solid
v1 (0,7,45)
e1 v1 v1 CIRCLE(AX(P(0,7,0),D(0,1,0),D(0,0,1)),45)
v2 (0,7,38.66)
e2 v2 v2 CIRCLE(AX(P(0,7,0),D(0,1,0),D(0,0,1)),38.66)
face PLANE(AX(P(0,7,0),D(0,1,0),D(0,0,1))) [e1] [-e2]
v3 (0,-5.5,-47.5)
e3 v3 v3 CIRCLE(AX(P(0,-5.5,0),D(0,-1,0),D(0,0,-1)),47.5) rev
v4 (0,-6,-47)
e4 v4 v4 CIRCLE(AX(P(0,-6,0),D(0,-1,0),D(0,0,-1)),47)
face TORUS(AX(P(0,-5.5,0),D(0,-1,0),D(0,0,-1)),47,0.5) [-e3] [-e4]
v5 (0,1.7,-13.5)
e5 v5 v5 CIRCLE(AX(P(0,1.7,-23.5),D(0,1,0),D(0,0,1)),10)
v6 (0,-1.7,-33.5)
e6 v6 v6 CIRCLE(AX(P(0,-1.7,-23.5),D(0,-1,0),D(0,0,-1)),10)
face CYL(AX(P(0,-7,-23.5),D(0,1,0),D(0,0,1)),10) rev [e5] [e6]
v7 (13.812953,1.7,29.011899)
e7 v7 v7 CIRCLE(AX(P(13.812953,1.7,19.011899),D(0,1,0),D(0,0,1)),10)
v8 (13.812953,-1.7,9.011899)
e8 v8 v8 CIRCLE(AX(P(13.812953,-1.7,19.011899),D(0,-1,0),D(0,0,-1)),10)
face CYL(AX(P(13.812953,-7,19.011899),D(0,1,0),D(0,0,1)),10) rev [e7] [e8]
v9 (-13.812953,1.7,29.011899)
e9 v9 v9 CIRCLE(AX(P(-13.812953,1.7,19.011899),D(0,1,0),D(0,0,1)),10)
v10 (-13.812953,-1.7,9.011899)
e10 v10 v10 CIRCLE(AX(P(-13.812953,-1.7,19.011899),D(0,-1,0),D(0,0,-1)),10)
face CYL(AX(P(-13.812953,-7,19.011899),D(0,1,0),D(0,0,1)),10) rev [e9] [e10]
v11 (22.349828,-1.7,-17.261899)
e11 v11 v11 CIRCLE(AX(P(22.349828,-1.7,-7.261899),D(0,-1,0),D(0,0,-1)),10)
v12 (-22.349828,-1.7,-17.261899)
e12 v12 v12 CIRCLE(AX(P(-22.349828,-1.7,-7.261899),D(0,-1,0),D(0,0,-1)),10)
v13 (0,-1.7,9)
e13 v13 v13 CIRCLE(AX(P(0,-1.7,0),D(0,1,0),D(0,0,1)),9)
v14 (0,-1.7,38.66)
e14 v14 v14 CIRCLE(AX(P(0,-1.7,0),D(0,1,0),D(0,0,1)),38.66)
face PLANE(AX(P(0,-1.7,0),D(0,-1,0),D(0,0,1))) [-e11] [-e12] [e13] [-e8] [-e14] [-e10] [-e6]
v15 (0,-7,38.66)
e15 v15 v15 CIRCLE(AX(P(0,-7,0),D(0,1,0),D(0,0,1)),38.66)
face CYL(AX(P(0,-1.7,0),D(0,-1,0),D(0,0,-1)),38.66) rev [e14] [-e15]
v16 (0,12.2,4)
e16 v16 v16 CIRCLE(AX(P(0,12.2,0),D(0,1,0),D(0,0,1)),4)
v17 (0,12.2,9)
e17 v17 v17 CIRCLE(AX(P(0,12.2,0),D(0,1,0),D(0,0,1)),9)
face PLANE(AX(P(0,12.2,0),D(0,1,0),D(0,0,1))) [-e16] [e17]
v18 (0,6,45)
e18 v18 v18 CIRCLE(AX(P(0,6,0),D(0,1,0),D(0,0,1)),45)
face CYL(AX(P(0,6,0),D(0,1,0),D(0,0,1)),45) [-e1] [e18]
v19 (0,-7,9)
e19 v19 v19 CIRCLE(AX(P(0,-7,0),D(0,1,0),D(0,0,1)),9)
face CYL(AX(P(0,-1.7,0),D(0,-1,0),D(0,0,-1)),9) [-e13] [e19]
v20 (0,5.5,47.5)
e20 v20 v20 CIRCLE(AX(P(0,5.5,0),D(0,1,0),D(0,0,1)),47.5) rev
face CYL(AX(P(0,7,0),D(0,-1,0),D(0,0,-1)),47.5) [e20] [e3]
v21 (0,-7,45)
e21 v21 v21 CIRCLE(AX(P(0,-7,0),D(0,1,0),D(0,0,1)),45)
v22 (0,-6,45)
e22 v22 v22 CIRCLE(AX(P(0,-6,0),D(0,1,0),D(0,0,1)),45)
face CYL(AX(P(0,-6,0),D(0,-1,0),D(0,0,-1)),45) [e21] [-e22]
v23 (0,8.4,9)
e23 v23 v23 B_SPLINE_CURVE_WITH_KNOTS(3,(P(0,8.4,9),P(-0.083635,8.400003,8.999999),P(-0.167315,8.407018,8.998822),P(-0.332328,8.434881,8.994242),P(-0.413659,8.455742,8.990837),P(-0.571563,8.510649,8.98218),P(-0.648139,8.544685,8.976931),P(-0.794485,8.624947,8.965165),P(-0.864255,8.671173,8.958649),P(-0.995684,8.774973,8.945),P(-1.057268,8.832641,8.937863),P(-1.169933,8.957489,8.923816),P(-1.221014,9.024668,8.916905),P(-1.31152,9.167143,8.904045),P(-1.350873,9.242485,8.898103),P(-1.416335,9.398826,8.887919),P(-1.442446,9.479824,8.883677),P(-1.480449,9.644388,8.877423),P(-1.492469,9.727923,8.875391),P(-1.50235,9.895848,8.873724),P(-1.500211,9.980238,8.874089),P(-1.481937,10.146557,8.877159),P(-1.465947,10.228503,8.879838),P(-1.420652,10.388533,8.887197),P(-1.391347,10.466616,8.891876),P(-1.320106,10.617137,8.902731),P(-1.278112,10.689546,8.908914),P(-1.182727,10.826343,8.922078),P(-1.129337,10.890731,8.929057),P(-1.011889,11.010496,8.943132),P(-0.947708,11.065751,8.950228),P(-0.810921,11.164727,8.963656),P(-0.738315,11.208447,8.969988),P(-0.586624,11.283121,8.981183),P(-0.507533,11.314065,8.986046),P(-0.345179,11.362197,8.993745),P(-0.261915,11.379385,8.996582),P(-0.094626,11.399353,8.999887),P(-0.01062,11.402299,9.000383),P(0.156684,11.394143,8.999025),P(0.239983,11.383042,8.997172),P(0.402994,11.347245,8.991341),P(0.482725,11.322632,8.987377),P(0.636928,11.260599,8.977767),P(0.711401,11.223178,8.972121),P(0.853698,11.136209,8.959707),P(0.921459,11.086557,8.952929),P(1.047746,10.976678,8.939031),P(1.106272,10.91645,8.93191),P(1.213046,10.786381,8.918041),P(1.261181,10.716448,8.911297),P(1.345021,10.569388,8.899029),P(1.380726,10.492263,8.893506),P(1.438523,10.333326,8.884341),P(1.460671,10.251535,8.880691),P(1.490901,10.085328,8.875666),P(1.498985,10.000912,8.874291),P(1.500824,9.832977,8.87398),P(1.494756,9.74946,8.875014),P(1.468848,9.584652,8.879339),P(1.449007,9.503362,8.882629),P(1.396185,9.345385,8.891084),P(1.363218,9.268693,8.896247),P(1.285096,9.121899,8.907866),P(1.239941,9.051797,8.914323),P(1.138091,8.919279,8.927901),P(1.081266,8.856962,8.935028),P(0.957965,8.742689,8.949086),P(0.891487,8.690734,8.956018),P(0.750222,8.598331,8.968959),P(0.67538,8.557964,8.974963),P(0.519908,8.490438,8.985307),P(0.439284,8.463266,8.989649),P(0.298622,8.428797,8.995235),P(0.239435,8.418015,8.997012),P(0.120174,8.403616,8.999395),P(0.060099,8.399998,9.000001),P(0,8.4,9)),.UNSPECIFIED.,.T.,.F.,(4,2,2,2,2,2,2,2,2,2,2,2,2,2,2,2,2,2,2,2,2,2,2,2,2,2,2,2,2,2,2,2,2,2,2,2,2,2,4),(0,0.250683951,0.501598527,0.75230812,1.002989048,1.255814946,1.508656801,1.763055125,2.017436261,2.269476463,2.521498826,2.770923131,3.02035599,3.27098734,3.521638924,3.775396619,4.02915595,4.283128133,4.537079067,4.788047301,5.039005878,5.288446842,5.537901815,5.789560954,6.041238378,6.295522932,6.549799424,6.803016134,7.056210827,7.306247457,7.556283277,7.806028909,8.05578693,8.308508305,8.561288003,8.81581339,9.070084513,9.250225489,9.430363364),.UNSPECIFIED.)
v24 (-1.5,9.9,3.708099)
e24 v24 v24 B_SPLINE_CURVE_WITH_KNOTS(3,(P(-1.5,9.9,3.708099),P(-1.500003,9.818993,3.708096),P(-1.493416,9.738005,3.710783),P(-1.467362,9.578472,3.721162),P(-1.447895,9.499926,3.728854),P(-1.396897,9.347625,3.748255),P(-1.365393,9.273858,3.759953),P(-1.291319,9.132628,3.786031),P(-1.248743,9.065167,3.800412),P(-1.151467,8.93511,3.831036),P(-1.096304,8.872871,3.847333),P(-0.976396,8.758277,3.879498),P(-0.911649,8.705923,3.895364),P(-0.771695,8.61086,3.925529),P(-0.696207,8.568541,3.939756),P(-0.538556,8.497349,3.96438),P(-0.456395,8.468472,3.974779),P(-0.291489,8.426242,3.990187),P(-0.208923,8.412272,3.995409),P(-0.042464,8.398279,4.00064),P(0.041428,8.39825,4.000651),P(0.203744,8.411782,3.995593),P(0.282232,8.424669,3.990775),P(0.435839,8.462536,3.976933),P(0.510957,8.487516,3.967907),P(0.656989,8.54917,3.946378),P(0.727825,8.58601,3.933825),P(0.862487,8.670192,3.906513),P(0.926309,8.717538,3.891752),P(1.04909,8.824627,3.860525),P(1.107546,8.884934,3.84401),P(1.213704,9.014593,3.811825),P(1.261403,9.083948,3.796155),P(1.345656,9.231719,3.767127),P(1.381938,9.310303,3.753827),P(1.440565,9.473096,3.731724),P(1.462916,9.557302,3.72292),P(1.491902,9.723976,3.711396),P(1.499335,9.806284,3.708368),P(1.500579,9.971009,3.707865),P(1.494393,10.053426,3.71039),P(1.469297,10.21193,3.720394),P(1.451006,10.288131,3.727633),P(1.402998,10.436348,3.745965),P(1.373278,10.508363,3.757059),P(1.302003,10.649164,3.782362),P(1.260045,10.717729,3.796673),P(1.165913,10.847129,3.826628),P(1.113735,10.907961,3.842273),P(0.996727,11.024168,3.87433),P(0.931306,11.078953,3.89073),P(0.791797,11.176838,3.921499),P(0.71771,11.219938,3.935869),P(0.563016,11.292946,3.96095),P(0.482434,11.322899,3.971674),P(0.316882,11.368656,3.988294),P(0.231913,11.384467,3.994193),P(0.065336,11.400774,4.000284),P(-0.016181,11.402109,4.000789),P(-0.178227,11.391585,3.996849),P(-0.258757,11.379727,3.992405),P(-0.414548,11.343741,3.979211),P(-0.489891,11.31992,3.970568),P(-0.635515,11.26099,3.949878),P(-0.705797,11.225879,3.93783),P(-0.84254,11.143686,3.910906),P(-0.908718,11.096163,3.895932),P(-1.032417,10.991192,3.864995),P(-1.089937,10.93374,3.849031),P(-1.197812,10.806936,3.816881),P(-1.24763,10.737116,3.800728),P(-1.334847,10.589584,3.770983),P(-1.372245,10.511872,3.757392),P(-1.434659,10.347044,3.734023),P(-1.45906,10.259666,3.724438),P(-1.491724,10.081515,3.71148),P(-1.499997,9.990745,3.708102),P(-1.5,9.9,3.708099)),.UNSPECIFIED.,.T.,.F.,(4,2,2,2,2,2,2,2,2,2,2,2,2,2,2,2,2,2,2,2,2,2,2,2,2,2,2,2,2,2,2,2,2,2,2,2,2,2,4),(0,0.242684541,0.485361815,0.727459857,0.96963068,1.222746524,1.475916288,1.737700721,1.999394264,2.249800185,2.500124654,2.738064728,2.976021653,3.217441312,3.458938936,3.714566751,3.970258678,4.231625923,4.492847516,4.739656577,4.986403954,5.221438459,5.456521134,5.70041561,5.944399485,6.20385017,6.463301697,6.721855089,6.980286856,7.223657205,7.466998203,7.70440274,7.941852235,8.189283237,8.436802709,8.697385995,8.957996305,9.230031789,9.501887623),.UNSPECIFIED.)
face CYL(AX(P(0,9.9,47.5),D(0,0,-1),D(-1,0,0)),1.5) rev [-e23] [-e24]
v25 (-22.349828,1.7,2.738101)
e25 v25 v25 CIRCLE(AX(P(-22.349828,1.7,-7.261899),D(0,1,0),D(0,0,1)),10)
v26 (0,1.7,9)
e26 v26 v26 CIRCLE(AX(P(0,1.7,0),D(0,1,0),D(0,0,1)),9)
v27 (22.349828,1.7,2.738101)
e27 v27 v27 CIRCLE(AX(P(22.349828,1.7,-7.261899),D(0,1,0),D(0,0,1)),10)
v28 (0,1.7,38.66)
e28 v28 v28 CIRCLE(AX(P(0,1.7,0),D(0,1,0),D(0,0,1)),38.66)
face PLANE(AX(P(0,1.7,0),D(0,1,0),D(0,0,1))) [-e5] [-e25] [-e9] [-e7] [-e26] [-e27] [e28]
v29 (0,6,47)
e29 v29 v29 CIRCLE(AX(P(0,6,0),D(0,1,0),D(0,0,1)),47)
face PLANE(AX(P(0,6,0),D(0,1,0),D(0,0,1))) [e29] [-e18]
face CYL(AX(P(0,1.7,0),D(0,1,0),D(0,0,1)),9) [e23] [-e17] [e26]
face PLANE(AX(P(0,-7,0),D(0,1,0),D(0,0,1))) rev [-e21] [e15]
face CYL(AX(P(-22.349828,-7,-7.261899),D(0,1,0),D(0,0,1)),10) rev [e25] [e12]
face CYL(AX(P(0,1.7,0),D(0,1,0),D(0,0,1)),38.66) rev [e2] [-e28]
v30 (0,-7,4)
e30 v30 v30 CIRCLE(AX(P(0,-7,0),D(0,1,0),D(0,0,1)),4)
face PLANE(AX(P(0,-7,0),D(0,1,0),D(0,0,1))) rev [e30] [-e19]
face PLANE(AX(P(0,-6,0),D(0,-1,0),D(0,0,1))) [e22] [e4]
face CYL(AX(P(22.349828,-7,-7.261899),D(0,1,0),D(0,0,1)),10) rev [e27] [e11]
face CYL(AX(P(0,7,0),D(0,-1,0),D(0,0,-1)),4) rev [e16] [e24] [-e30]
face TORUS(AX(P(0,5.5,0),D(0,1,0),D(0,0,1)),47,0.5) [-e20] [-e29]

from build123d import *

# Parameters (mm, degrees)
SKETCH_1_R          = 47.5
SKETCH_1_R_2        = 9
SKETCH_1_R_3        = 4
EXTRUDE_1_DEPTH     = 7
SKETCH_2_R          = 47.5
SKETCH_2_R_2        = 45
CUT_EXTRUDE_1_DEPTH = 1
SKETCH_3_R          = 38.66
SKETCH_3_R_2        = 9
CUT_EXTRUDE_2_DEPTH = 5.3
SKETCH_4_R          = 10
CUT_EXTRUDE_3_DEPTH = 9.7
FILLET_1_R          = 0.5
SKETCH_5_R          = 9
SKETCH_5_R_2        = 4
EXTRUDE_2_DEPTH     = 5.2
SKETCH_6_R          = 1.5
CUT_EXTRUDE_4_DEPTH = 48.5000001


with BuildPart() as part:
    # 草圖1 → 填料-伸長1 (new body, symmetric)
    with BuildSketch(Plane(origin=(0, 0, 0), x_dir=(1, 0, 0), z_dir=(0, 1, 0))):
        Circle(SKETCH_1_R)
        Circle(SKETCH_1_R_2, mode=Mode.SUBTRACT)
        Circle(SKETCH_1_R_2)
        Circle(SKETCH_1_R_3, mode=Mode.SUBTRACT)
    extrude(amount=EXTRUDE_1_DEPTH, both=True)

    # 草圖2 → 除料-伸長1 (cut)
    with BuildSketch(Plane(origin=(0, 7, 0), x_dir=(1, 0, 0), z_dir=(0, 1, 0))):
        Circle(SKETCH_2_R)
        Circle(SKETCH_2_R_2, mode=Mode.SUBTRACT)
    cut_extrude_1 = extrude(amount=-CUT_EXTRUDE_1_DEPTH, mode=Mode.SUBTRACT)

    # 鏡射1: 除料-伸長1 across plane
    add(cut_extrude_1.mirror(Plane.ZX), mode=Mode.SUBTRACT)

    # 草圖3 → 除料-伸長2 (cut)
    with BuildSketch(Plane(origin=(0, 7, 0), x_dir=(1, 0, 0), z_dir=(0, 1, 0))):
        Circle(SKETCH_3_R)
        Circle(SKETCH_3_R_2, mode=Mode.SUBTRACT)
    cut_extrude_2 = extrude(amount=-CUT_EXTRUDE_2_DEPTH, mode=Mode.SUBTRACT)

    # 鏡射2: 除料-伸長2 across plane
    add(cut_extrude_2.mirror(Plane.ZX), mode=Mode.SUBTRACT)

    # 草圖4 → 除料-伸長3 (cut, through all)
    with BuildSketch(Plane(origin=(0, 1.7, 0), x_dir=(1, 0, 0), z_dir=(0, 1, 0))):
        with Locations((0, 23.5)):
            Circle(SKETCH_4_R)
        with Locations((22.349828133, 7.261899368)):
            Circle(SKETCH_4_R)
        with Locations((13.812953429, -19.011899368)):
            Circle(SKETCH_4_R)
        with Locations((-13.812953429, -19.011899368)):
            Circle(SKETCH_4_R)
        with Locations((-22.349828133, 7.261899368)):
            Circle(SKETCH_4_R)
    extrude(amount=-CUT_EXTRUDE_3_DEPTH, mode=Mode.SUBTRACT)

    # 圓角1
    fillet_1_edges = [part.edges().sort_by_distance(p)[0] for p in [
        (-47.5, 6, 0),
        (-47.5, -6, 0),
    ]]
    fillet(fillet_1_edges, radius=FILLET_1_R)

    # 草圖5 → 填料-伸長2 (add)
    with BuildSketch(Plane(origin=(0, 7, 0), x_dir=(1, 0, 0), z_dir=(0, 1, 0))):
        Circle(SKETCH_5_R)
        Circle(SKETCH_5_R_2, mode=Mode.SUBTRACT)
    extrude(amount=EXTRUDE_2_DEPTH)

    # 草圖6 → 除料-伸長4 (cut, through all)
    with BuildSketch(Plane.XY):
        with Locations((0, 9.9)):
            Circle(SKETCH_6_R)
    extrude(amount=CUT_EXTRUDE_4_DEPTH, mode=Mode.SUBTRACT)


solid = part.part
